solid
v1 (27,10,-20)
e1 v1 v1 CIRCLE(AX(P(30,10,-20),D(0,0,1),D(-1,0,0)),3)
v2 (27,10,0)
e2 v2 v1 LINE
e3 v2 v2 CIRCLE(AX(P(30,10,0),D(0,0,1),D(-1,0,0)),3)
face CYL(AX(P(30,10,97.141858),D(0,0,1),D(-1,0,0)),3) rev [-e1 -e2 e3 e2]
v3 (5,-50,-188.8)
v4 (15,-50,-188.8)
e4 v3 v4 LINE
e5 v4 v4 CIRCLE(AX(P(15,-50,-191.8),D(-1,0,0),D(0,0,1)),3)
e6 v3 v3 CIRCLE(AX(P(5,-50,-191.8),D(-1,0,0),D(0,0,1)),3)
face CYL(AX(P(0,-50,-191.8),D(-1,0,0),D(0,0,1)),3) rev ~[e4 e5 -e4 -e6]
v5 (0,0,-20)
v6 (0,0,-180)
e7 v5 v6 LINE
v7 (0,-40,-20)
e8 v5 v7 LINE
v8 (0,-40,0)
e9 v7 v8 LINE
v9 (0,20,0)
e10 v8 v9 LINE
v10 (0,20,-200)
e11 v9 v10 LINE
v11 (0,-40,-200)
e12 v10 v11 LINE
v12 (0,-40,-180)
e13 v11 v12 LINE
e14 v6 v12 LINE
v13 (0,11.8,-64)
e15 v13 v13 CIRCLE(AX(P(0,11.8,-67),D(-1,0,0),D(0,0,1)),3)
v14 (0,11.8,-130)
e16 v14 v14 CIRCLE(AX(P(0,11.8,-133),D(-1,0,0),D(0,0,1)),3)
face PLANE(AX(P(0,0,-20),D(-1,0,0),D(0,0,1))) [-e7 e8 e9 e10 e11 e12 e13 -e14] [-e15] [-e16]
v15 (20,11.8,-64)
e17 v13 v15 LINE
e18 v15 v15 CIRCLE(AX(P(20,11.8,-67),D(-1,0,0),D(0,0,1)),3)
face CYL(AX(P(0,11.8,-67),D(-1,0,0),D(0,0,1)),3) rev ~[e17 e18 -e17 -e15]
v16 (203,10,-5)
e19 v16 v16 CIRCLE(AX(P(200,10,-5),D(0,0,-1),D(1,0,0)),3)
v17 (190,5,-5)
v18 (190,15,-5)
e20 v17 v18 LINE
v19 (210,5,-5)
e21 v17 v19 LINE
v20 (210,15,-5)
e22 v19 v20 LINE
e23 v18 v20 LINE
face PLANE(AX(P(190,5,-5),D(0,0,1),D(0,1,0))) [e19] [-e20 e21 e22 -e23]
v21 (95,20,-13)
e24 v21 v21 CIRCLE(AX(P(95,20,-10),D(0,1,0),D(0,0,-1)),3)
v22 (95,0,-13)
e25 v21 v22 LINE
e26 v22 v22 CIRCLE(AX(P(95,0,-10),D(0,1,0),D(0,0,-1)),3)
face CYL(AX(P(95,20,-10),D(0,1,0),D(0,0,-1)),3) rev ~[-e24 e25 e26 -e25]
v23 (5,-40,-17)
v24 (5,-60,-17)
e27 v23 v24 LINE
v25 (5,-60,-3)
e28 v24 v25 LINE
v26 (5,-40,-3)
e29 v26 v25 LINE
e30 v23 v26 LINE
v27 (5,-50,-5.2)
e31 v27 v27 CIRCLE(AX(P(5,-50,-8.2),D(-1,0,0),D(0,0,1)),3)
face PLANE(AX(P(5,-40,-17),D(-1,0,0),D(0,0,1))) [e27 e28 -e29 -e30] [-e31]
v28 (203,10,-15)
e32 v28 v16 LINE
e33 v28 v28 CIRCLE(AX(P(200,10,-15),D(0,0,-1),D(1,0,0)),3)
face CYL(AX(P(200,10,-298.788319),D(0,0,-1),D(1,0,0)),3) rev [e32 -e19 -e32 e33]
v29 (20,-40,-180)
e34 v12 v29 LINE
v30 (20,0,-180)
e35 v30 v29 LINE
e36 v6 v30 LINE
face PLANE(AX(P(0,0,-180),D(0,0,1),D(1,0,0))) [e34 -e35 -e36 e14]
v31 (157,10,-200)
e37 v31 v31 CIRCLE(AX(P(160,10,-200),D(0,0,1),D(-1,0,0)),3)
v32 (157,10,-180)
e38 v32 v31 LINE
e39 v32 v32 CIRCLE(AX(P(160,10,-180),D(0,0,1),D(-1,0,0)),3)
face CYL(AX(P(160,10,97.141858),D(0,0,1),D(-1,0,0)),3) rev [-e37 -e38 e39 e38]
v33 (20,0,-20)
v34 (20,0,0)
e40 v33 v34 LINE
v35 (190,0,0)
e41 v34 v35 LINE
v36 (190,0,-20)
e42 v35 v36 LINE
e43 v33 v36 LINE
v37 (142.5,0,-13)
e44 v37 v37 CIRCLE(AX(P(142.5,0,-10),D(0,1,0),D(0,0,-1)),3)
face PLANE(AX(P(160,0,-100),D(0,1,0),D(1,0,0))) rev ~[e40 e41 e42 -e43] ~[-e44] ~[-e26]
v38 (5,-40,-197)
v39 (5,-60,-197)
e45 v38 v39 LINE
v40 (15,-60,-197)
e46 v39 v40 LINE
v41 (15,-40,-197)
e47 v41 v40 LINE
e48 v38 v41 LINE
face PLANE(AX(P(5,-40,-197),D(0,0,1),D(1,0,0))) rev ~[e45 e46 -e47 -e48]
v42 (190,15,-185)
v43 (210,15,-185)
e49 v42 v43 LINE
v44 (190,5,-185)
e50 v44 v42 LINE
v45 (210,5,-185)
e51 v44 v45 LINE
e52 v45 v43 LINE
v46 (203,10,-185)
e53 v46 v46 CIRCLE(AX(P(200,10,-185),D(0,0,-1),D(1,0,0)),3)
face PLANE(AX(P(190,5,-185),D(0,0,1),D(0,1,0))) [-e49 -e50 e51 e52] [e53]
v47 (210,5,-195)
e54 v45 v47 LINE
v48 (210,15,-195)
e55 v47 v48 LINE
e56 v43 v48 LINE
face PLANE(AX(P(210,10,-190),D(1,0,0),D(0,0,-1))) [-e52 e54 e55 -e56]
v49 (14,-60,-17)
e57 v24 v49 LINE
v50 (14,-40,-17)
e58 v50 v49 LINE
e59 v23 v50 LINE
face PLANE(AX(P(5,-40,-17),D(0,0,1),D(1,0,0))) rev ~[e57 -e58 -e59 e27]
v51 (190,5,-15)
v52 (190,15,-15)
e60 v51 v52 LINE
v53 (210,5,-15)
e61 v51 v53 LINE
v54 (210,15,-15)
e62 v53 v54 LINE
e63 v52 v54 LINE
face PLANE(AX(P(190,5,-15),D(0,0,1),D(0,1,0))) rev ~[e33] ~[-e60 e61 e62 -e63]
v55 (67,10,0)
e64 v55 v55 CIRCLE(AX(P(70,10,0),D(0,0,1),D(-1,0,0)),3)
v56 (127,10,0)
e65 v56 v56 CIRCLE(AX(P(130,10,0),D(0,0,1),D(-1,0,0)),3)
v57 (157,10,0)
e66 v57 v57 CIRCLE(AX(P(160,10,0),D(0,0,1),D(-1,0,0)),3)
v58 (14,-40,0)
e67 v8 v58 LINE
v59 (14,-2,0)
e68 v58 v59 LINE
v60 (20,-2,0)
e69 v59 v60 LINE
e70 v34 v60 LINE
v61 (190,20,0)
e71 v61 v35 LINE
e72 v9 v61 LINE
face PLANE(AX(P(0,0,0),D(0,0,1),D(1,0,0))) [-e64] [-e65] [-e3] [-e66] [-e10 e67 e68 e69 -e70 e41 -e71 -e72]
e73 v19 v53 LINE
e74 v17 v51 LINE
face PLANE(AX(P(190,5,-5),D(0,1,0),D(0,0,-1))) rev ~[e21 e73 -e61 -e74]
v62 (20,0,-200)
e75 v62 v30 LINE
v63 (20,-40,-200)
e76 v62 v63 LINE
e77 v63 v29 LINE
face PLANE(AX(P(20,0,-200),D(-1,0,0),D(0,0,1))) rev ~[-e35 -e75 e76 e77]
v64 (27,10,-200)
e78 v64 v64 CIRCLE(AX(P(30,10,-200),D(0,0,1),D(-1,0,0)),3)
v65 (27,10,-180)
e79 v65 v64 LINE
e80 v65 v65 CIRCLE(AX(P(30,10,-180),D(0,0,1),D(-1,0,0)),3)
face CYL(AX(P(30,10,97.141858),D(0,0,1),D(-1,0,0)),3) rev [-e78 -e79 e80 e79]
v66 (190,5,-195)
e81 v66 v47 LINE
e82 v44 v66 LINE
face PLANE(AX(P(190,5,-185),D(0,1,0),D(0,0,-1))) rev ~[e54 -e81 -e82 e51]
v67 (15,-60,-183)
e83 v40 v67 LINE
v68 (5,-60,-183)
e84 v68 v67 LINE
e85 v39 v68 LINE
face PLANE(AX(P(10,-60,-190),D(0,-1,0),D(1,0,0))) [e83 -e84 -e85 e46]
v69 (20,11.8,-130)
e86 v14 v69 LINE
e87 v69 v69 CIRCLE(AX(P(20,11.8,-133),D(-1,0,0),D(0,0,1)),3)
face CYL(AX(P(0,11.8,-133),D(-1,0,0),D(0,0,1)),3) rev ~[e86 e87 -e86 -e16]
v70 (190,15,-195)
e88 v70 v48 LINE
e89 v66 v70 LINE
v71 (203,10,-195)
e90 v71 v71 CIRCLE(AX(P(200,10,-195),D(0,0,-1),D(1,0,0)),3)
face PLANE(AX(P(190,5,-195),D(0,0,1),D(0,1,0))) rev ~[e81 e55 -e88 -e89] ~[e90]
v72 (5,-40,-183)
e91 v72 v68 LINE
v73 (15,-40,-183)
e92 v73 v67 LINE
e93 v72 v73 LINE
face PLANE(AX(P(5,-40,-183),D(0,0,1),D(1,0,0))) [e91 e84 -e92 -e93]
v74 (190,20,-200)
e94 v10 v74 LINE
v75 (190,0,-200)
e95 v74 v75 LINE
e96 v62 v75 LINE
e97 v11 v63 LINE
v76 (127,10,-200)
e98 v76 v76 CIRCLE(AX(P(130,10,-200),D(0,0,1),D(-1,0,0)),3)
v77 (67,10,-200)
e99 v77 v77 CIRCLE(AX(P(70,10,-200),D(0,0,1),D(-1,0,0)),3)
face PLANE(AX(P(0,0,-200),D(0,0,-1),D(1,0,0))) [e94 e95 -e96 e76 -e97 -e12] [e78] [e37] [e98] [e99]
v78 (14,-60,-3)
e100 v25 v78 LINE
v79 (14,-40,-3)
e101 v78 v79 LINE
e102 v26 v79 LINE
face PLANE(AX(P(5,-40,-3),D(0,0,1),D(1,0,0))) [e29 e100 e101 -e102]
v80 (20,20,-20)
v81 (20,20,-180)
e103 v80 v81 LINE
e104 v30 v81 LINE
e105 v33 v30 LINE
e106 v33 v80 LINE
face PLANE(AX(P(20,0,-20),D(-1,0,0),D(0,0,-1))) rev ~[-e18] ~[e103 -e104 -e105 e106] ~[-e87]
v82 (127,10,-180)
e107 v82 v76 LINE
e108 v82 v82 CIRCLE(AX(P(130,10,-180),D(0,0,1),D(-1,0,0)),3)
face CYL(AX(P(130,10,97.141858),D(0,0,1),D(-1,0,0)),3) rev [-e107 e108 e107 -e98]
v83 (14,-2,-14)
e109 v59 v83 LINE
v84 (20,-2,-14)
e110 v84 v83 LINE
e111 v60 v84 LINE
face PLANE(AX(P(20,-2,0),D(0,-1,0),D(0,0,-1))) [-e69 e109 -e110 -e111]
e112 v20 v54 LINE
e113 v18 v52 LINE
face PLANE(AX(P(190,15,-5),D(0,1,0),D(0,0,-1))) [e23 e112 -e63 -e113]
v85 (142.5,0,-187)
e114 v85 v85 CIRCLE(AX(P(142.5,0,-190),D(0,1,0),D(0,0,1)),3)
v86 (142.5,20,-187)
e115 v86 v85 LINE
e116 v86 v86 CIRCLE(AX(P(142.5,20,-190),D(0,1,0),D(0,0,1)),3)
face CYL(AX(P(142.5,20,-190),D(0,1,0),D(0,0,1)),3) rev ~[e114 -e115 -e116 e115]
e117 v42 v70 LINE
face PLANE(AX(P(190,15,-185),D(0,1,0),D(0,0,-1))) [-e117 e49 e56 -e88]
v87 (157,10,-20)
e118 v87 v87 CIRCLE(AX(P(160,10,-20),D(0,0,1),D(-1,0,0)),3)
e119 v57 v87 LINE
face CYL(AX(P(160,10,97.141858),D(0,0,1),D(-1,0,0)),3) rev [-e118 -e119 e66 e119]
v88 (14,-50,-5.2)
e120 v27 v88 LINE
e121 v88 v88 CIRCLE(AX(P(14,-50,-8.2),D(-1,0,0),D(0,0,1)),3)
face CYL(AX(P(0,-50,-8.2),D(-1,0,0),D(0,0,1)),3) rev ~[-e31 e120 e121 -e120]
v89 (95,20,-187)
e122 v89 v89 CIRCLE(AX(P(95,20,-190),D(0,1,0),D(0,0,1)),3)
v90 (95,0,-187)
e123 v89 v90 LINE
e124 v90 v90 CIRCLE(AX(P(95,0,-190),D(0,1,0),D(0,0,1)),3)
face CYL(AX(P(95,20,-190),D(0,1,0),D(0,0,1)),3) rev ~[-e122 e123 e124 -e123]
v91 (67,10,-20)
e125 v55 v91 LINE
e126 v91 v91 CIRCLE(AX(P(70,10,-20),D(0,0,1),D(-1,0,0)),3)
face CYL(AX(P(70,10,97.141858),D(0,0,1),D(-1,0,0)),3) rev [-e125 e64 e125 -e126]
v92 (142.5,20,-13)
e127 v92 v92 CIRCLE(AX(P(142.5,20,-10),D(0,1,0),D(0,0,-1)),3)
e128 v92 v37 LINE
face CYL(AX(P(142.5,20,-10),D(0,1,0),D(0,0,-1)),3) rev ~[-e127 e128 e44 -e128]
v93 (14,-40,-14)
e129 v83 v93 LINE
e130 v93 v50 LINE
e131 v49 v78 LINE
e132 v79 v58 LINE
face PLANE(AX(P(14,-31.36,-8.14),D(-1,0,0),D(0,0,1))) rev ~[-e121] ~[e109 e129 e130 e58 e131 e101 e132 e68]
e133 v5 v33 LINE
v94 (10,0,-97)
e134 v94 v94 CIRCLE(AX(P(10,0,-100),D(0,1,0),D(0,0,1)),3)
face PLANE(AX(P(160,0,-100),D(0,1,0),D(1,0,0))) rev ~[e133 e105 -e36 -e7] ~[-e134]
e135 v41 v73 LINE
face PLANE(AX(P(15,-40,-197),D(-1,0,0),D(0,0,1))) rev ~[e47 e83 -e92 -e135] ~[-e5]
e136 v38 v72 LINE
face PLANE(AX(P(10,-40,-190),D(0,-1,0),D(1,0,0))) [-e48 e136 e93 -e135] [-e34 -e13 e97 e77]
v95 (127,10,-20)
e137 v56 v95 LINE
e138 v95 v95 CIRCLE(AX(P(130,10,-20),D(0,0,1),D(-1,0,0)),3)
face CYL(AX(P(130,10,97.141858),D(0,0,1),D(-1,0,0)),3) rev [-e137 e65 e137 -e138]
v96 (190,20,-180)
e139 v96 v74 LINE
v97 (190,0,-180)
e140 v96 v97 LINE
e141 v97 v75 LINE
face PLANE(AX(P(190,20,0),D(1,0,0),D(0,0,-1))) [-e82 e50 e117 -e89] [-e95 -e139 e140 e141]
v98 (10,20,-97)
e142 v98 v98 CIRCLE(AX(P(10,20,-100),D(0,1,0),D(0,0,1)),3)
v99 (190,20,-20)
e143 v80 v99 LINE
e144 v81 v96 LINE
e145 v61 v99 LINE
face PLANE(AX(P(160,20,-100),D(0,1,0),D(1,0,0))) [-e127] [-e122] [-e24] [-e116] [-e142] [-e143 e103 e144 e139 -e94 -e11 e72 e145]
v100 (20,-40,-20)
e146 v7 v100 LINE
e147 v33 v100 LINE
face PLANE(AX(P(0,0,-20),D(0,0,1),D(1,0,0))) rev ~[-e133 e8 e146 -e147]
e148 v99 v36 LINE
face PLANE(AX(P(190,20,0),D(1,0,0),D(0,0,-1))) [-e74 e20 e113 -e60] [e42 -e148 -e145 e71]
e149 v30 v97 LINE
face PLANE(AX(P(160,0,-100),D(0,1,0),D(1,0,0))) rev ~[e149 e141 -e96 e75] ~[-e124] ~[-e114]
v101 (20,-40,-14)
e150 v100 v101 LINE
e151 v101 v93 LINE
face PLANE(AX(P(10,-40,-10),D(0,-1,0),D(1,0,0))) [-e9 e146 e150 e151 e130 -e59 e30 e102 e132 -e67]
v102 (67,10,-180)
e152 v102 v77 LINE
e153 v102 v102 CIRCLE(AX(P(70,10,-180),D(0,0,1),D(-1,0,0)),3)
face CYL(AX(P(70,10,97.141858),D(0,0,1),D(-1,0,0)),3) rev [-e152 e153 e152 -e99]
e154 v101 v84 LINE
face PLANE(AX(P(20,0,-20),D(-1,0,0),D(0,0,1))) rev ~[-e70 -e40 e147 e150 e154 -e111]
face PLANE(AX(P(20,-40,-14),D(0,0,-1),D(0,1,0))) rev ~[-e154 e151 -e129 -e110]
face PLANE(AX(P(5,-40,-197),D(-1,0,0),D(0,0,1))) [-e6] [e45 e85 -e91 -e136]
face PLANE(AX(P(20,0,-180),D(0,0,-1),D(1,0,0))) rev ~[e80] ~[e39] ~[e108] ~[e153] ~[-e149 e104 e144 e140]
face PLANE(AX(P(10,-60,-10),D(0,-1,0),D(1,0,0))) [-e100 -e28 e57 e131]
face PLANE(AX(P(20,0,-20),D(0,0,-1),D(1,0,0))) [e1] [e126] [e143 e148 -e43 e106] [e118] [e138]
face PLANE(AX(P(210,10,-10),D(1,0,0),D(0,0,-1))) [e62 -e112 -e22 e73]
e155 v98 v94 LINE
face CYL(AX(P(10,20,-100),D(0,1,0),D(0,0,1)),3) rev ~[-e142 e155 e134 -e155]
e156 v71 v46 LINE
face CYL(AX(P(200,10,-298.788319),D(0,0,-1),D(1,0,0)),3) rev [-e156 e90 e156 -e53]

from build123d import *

# Parameters (mm, degrees)
SKETCH1_W               = 320
SKETCH1_H               = 200
SKETCH1_W_2             = 280
SKETCH1_H_2             = 160
BOSS_EXTRUDE1_DEPTH     = 20
SKETCH2_W               = 130
SKETCH2_H               = 200
CUT_EXTRUDE1_DEPTH      = 20
SKETCH5_W               = 20
SKETCH5_H               = 20
BOSS_EXTRUDE4_DEPTH     = 40
SKETCH8_W               = 10
SKETCH8_H               = 14
BOSS_EXTRUDE5_DEPTH     = 20
SKETCH9_W               = 10
SKETCH9_H               = 14
BOSS_EXTRUDE6_DEPTH     = 20
SKETCH10_W              = 10
SKETCH10_H              = 10
BOSS_EXTRUDE7_DEPTH     = 20
SKETCH11_R              = 3
CUT_EXTRUDE2_DEPTH      = 30
SKETCH13_R              = 3
CUT_EXTRUDE3_DEPTH      = 30
CUT_EXTRUDE4_DEPTH      = 297.141857899
CUT_EXTRUDE4_DEPTH_BACK = 297.141857899
SKETCH14_R              = 3
CUT_EXTRUDE5_DEPTH      = 293.788319439
CUT_EXTRUDE5_DEPTH_BACK = 293.788319439
SKETCH16_R              = 3
SKETCH17_W              = 14
SKETCH17_H              = 38
CUT_EXTRUDE6_DEPTH      = 5
CUT_EXTRUDE7_DEPTH      = 1


with BuildPart() as part:
    # Sketch1 → Boss-Extrude1 (new body)
    with BuildSketch(Plane(origin=(0, 0, 0), x_dir=(1, 0, 0), z_dir=(0, 1, 0))):
        with Locations((160, 100)):
            Rectangle(SKETCH1_W, SKETCH1_H)
        with Locations((160, 100)):
            Rectangle(SKETCH1_W_2, SKETCH1_H_2, mode=Mode.SUBTRACT)
    extrude(amount=BOSS_EXTRUDE1_DEPTH)

    # Sketch2 → Cut-Extrude1 (cut)
    with BuildSketch(Plane(origin=(0, 20, 0), x_dir=(1, 0, 0), z_dir=(0, 1, 0))):
        with Locations((255, 100)):
            Rectangle(SKETCH2_W, SKETCH2_H)
    extrude(amount=-CUT_EXTRUDE1_DEPTH, mode=Mode.SUBTRACT)

    # Sketch5 → Boss-Extrude4 (add)
    with BuildSketch(Plane.XZ):
        with Locations((10, -10)):
            Rectangle(SKETCH5_W, SKETCH5_H)
        with Locations((10, -190)):
            Rectangle(SKETCH5_W, SKETCH5_H)
    extrude(amount=BOSS_EXTRUDE4_DEPTH)

    # Sketch8 → Boss-Extrude5 (add)
    with BuildSketch(Plane.XZ.offset(40)):
        with Locations((10, -10)):
            Rectangle(SKETCH8_W, SKETCH8_H)
    extrude(amount=BOSS_EXTRUDE5_DEPTH)

    # Sketch9 → Boss-Extrude6 (add)
    with BuildSketch(Plane.XZ.offset(40)):
        with Locations((10, -190)):
            Rectangle(SKETCH9_W, SKETCH9_H)
    extrude(amount=BOSS_EXTRUDE6_DEPTH)

    # Sketch10 → Boss-Extrude7 (add)
    with BuildSketch(Plane(origin=(190, 0, 0), x_dir=(0, 0, -1), z_dir=(1, 0, 0))):
        with Locations((190, 10)):
            Rectangle(SKETCH10_W, SKETCH10_H)
        with Locations((10, 10)):
            Rectangle(SKETCH10_W, SKETCH10_H)
    extrude(amount=BOSS_EXTRUDE7_DEPTH)

    # Sketch11 → Cut-Extrude2 (cut)
    with BuildSketch(Plane(origin=(0, 20, 0), x_dir=(1, 0, 0), z_dir=(0, 1, 0))):
        with Locations(Location((142.5, 190, 0), (0, 0, 270))):
            Circle(SKETCH11_R)
        with Locations(Location((95, 190, 0), (0, 0, 270))):
            Circle(SKETCH11_R)
        with Locations(Location((10, 100, 0), (0, 0, 270))):
            Circle(SKETCH11_R)
        with Locations(Location((142.5, 10, 0), (0, 0, 90))):
            Circle(SKETCH11_R)
        with Locations(Location((95, 10, 0), (0, 0, 90))):
            Circle(SKETCH11_R)
    extrude(amount=-CUT_EXTRUDE2_DEPTH, mode=Mode.SUBTRACT)

    # Sketch13 → Cut-Extrude3 (cut)
    with BuildSketch(Plane.ZY):
        with Locations((-8.2, -50)):
            Circle(SKETCH13_R)
        with Locations((-67, 11.8)):
            Circle(SKETCH13_R)
        with Locations((-133, 11.8)):
            Circle(SKETCH13_R)
        with Locations((-191.8, -50)):
            Circle(SKETCH13_R)
    extrude(amount=-CUT_EXTRUDE3_DEPTH, mode=Mode.SUBTRACT)

    # Sketch14 → Cut-Extrude4 (cut, two sides: drawn at the far end of the back side and taken through both)
    with BuildSketch(Plane(origin=(0, 0, -200), x_dir=(-1, 0, 0), z_dir=(0, 0, -1)).offset(-CUT_EXTRUDE4_DEPTH_BACK)):
        with Locations((-160, 10)):
            Circle(SKETCH14_R)
        with Locations((-30, 10)):
            Circle(SKETCH14_R)
        with Locations((-130, 10)):
            Circle(SKETCH14_R)
        with Locations((-70, 10)):
            Circle(SKETCH14_R)
    extrude(amount=CUT_EXTRUDE4_DEPTH + CUT_EXTRUDE4_DEPTH_BACK, mode=Mode.SUBTRACT)

    # Sketch16 → Cut-Extrude5 (cut, two sides: drawn at the far end of the back side and taken through both)
    with BuildSketch(Plane.XY.offset(-5).offset(-CUT_EXTRUDE5_DEPTH_BACK)):
        with Locations((200, 10)):
            Circle(SKETCH16_R)
    extrude(amount=CUT_EXTRUDE5_DEPTH + CUT_EXTRUDE5_DEPTH_BACK, mode=Mode.SUBTRACT)

    # Sketch17 → Cut-Extrude6 (cut)
    with BuildSketch(Plane(origin=(20, 0, 0), x_dir=(0, 0, -1), z_dir=(1, 0, 0))):
        with Locations((7, -21)):
            Rectangle(SKETCH17_W, SKETCH17_H)
    extrude(amount=-CUT_EXTRUDE6_DEPTH, mode=Mode.SUBTRACT)

    # Sketch18 → Cut-Extrude7 (cut)
    with BuildSketch(Plane(origin=(15, 0, 0), x_dir=(0, 0, -1), z_dir=(1, 0, 0))):
        Polygon((0, -2), (14, -2), (14, -40), (17, -40), (17, -60), (3, -60), (3, -40), (0, -40), align=None)
    extrude(amount=-CUT_EXTRUDE7_DEPTH, mode=Mode.SUBTRACT)


solid = part.part
